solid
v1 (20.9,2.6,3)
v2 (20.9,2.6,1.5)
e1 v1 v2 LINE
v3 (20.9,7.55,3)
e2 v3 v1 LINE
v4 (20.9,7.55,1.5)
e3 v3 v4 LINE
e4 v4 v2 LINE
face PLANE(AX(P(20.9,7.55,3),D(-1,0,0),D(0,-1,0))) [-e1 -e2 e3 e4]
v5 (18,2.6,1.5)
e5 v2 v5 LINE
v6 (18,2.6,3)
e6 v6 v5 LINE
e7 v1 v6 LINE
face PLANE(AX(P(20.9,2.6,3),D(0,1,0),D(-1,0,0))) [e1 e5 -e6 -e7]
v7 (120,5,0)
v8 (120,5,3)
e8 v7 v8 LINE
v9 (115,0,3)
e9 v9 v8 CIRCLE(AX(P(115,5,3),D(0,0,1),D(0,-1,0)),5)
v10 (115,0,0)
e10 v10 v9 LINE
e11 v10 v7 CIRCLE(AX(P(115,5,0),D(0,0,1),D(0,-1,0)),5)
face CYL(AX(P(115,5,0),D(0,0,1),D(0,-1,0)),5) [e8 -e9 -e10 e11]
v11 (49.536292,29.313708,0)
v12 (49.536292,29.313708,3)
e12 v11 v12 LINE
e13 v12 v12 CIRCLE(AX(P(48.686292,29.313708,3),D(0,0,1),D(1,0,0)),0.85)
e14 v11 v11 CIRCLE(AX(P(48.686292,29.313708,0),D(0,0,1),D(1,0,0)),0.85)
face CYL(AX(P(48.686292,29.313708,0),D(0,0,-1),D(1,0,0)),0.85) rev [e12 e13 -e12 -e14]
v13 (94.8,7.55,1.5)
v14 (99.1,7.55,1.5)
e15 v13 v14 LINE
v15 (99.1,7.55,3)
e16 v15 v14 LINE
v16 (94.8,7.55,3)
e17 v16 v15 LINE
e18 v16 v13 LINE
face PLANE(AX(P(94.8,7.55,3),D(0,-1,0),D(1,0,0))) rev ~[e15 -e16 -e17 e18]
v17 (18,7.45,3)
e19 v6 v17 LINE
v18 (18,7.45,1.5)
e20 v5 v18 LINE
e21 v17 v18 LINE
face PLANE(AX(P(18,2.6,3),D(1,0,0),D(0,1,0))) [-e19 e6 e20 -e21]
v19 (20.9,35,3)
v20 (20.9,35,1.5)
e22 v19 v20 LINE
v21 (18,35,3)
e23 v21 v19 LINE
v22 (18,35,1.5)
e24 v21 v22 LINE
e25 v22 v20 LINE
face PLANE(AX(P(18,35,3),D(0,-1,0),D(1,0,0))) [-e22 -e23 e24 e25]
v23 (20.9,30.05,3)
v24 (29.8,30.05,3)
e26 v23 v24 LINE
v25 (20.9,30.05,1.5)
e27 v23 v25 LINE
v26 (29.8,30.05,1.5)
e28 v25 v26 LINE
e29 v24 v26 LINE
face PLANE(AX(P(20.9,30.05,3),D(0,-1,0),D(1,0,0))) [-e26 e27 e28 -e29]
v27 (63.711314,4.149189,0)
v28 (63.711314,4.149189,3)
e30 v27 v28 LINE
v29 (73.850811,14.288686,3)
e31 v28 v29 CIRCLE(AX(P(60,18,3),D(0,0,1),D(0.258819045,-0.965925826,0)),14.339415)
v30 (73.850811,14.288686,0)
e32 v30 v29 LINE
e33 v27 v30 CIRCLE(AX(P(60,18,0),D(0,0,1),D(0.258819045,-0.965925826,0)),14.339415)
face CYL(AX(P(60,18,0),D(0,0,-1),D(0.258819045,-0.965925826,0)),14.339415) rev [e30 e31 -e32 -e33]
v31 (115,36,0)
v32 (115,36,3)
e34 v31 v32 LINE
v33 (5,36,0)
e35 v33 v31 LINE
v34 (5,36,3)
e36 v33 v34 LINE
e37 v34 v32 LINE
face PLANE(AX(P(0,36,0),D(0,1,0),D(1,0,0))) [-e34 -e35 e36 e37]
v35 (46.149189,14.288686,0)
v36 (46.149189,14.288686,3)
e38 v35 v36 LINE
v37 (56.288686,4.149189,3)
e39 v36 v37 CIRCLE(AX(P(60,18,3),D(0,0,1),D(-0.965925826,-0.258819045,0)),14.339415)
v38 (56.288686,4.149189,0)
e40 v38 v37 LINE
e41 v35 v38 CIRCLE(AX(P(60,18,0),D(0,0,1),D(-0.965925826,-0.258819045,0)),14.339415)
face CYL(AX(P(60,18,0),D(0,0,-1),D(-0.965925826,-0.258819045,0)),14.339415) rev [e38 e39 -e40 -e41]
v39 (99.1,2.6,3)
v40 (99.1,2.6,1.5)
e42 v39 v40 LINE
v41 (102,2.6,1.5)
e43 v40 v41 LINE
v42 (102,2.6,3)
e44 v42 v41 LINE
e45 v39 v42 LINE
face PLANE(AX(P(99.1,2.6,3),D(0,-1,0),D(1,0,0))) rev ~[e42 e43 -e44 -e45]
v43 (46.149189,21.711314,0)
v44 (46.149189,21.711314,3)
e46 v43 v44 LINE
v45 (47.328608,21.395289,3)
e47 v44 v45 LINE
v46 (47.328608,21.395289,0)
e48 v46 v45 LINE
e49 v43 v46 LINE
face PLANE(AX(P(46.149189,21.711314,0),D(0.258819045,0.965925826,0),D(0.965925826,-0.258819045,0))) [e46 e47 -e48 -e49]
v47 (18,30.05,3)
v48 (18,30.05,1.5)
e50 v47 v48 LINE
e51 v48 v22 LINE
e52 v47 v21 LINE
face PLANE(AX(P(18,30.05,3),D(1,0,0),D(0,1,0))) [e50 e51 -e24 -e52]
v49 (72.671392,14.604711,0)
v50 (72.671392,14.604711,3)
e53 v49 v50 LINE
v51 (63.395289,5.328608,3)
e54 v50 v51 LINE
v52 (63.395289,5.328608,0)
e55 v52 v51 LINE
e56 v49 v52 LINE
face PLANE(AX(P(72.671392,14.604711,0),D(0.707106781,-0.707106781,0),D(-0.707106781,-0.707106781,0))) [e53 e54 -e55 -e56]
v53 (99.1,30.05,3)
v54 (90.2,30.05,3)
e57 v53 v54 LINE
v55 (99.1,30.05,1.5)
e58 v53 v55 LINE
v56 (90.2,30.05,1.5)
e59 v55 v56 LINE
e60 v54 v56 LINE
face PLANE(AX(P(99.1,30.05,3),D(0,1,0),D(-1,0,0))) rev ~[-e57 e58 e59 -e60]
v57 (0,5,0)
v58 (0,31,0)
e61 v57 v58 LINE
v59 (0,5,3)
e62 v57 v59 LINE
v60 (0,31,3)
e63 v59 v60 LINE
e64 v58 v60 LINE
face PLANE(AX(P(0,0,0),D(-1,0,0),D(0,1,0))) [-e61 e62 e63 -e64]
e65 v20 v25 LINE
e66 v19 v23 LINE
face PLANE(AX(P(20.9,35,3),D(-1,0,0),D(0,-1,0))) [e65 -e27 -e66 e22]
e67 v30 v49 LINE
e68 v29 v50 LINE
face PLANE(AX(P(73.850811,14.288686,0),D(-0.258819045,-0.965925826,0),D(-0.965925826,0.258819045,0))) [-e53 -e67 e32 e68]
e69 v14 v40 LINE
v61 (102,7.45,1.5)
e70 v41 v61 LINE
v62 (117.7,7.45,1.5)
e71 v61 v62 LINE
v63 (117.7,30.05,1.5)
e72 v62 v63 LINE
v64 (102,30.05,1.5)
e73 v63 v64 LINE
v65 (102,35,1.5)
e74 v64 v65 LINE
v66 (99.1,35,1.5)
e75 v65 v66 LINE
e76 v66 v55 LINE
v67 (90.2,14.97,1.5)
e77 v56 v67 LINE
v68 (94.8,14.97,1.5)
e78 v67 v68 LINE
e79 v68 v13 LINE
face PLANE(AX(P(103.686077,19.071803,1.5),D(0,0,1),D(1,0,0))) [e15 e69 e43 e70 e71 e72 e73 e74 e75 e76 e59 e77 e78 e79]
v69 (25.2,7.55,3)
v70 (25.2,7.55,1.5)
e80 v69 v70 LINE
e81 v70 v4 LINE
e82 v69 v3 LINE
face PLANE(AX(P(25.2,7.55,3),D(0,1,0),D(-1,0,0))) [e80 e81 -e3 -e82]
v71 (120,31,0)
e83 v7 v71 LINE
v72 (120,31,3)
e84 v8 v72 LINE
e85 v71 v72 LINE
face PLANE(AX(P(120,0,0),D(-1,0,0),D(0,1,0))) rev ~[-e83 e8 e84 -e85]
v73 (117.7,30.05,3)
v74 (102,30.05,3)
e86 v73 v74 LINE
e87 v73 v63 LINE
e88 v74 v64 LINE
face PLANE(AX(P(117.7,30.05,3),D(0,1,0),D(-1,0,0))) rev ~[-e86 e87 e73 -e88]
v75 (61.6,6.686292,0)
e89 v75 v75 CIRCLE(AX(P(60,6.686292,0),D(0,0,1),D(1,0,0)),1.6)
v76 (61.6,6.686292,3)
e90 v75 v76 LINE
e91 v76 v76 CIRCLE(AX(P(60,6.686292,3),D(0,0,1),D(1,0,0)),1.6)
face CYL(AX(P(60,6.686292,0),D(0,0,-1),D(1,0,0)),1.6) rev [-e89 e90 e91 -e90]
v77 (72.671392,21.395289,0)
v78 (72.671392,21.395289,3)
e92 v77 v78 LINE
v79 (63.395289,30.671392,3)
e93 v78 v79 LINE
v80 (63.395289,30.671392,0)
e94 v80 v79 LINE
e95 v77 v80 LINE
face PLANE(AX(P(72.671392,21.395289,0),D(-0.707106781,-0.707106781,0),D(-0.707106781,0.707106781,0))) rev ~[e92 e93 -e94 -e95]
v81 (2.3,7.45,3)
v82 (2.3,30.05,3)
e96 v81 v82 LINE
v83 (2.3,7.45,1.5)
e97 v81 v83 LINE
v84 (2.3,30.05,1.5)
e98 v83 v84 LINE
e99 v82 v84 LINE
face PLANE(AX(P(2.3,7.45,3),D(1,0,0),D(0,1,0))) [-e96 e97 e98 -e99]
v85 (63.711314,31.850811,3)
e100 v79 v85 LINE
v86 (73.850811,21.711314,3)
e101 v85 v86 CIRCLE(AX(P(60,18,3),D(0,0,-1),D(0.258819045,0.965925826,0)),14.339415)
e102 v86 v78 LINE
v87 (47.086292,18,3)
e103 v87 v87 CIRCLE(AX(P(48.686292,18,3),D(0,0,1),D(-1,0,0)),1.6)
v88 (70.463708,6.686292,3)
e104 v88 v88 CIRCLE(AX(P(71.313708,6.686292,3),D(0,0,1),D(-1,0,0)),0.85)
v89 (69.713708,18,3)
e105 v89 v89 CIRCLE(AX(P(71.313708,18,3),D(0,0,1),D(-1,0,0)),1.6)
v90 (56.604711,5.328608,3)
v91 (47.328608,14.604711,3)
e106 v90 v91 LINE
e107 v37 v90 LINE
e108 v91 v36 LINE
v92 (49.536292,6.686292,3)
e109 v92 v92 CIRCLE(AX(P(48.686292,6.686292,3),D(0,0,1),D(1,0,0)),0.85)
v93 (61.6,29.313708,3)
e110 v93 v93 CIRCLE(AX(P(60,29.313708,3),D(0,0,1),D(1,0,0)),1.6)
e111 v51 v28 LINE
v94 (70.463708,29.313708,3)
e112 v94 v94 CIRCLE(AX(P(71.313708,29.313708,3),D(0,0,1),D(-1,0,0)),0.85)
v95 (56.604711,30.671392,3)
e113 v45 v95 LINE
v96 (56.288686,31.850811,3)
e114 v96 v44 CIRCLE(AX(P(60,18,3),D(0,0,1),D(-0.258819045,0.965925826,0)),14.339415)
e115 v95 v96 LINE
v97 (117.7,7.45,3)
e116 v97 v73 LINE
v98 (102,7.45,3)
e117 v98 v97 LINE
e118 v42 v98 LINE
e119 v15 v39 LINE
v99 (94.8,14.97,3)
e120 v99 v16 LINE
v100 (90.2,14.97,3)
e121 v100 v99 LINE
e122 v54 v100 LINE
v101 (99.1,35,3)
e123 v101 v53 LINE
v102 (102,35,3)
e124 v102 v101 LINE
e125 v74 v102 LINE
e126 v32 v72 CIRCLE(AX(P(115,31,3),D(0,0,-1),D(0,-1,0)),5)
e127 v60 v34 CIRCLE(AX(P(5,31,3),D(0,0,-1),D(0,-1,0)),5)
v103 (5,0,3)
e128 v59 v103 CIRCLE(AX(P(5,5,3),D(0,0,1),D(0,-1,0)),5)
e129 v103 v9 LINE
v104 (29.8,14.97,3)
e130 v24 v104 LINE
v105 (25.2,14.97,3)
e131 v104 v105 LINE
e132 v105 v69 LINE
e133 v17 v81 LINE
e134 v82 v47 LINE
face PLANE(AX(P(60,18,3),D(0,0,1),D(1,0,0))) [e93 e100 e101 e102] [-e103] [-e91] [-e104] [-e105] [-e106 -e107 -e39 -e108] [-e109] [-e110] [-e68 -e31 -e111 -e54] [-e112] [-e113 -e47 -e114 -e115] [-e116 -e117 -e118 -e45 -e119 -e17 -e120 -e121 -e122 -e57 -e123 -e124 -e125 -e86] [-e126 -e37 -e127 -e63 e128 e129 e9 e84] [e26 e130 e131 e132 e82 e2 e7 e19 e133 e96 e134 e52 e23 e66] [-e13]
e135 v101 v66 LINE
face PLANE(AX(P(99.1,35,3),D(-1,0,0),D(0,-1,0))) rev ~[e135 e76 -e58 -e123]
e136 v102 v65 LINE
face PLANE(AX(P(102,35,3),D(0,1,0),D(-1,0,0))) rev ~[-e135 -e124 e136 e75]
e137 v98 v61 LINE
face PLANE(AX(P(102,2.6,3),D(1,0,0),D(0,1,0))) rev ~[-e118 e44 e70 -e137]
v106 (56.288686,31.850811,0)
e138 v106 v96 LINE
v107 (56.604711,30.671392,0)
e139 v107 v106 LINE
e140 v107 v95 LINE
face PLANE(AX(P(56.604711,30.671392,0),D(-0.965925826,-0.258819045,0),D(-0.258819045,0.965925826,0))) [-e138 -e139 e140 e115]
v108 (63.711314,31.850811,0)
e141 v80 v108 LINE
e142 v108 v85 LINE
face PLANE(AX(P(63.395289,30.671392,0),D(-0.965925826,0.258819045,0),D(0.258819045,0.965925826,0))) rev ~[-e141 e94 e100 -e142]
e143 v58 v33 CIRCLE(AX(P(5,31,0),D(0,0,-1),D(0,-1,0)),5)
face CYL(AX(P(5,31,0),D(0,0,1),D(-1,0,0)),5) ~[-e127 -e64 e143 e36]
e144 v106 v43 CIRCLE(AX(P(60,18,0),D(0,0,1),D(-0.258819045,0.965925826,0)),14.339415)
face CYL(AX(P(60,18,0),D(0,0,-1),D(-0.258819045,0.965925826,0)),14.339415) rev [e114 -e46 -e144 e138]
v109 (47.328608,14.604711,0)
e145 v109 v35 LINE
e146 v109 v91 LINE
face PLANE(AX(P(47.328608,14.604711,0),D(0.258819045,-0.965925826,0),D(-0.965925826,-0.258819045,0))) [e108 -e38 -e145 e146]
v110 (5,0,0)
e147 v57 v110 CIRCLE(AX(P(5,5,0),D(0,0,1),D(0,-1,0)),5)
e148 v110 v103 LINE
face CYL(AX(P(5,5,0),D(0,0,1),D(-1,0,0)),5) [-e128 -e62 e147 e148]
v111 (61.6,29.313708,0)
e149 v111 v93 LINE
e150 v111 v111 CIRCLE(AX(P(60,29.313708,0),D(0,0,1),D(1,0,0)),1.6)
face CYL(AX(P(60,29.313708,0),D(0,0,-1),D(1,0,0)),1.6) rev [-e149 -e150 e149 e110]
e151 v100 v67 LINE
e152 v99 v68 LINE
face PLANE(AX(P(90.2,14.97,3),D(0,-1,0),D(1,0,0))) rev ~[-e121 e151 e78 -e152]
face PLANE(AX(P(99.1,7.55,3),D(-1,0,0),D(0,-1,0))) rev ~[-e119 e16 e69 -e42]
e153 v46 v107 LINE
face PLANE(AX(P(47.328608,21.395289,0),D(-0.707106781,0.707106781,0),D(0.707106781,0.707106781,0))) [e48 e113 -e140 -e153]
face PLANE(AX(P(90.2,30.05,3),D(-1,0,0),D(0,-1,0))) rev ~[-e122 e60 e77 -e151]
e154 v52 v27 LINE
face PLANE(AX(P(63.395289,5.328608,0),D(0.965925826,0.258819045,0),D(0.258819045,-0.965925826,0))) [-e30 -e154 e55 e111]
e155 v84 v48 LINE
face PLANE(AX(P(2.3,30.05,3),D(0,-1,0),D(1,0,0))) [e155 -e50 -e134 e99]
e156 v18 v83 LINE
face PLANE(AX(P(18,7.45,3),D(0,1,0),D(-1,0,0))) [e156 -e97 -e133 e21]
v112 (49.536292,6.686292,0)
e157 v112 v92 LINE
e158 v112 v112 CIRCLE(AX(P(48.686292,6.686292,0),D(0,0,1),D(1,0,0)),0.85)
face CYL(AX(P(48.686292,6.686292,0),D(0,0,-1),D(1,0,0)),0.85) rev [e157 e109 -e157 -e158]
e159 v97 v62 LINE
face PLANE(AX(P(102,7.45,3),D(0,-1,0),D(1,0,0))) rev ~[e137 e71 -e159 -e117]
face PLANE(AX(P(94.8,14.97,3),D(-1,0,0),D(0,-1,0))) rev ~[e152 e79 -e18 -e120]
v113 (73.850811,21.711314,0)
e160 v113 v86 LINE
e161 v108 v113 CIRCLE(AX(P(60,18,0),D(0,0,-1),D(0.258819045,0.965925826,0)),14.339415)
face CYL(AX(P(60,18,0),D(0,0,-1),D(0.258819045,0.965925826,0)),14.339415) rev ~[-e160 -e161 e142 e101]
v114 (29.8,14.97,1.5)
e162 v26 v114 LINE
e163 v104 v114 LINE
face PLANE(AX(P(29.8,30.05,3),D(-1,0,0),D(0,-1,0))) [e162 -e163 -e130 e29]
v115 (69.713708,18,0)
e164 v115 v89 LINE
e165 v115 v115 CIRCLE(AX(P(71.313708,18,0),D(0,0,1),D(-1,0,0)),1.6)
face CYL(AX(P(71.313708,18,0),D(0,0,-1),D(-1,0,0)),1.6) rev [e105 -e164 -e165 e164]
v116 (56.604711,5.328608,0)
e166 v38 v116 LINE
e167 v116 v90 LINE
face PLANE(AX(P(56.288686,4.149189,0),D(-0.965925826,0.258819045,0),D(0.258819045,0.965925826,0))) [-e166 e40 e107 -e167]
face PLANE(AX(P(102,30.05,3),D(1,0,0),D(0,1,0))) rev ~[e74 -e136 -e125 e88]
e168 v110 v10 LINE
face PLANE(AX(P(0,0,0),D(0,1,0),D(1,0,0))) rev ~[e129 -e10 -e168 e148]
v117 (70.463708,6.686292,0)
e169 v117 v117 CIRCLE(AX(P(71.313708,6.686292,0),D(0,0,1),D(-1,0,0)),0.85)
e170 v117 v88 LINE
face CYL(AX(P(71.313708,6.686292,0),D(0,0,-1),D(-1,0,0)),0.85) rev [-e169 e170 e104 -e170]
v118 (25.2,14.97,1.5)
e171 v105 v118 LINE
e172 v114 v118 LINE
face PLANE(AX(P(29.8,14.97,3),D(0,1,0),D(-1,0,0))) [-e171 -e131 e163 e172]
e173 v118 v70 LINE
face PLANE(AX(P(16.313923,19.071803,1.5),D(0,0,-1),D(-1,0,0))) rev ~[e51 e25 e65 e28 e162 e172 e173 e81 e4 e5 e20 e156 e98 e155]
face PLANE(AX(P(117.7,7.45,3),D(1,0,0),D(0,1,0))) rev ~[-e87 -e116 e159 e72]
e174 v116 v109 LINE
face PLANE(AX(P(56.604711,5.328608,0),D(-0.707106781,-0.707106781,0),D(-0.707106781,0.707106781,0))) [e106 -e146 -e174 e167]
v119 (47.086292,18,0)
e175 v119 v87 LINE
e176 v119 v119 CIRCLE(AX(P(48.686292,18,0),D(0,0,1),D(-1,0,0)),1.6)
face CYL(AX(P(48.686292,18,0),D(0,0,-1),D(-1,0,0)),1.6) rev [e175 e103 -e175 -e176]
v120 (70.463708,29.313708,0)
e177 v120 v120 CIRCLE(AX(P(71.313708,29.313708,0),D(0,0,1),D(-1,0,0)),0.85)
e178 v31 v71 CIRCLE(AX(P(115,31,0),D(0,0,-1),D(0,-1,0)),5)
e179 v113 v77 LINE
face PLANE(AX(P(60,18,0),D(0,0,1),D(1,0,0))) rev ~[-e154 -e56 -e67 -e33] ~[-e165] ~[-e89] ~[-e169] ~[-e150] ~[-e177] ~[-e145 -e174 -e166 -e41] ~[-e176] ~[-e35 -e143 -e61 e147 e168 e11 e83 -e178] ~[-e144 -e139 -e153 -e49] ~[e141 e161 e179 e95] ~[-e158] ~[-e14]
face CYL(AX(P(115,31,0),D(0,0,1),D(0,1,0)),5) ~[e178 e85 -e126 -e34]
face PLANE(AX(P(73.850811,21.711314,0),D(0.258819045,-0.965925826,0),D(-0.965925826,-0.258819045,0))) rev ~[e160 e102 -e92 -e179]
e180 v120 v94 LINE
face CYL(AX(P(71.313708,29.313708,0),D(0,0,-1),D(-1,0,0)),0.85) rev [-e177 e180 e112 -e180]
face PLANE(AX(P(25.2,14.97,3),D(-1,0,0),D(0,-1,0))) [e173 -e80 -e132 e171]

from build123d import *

# Parameters (mm, degrees)
SKETCH_1_W          = 120
SKETCH_1_H          = 36
SKETCH_1_R          = 0.85
SKETCH_1_R_2        = 1.6
EXTRUDE_1_DEPTH     = 3
CUT_EXTRUDE_1_DEPTH = 1.5
FILLET_1_R          = 5


with BuildPart() as part:
    # 草图1 → 凸台-拉伸1 (new body)
    with BuildSketch(Plane.XY):
        with Locations((60, 18)):
            Rectangle(SKETCH_1_W, SKETCH_1_H)
        with Locations((48.686291501, 29.313708499)):
            Circle(SKETCH_1_R, mode=Mode.SUBTRACT)
        with Locations((48.686291501, 6.686291501)):
            Circle(SKETCH_1_R, mode=Mode.SUBTRACT)
        with Locations(Location((71.313708499, 6.686291501, 0), (0, 0, 180))):
            Circle(SKETCH_1_R, mode=Mode.SUBTRACT)
        with Locations(Location((71.313708499, 29.313708499, 0), (0, 0, 180))):
            Circle(SKETCH_1_R, mode=Mode.SUBTRACT)
        with Locations((60, 29.313708499)):
            Circle(SKETCH_1_R_2, mode=Mode.SUBTRACT)
        with Locations(Location((48.686291501, 18, 0), (0, 0, 180))):
            Circle(SKETCH_1_R_2, mode=Mode.SUBTRACT)
        with Locations((60, 6.686291501)):
            Circle(SKETCH_1_R_2, mode=Mode.SUBTRACT)
        with Locations(Location((71.313708499, 18, 0), (0, 0, 180))):
            Circle(SKETCH_1_R_2, mode=Mode.SUBTRACT)
        with BuildLine():
            Line((56.604710662, 30.671392317), (56.28868628, 31.850811367))
            ThreePointArc((56.28868628, 31.850811367), (49.860502354, 28.139497646), (46.149188633, 21.71131372))
            Line((46.149188633, 21.71131372), (47.328607683, 21.395289338))
            Line((47.328607683, 21.395289338), (56.604710662, 30.671392317))
        make_face(mode=Mode.SUBTRACT)
        with BuildLine():
            Line((63.395289338, 30.671392317), (63.71131372, 31.850811367))
            ThreePointArc((63.71131372, 31.850811367), (70.139497646, 28.139497646), (73.850811367, 21.71131372))
            Line((73.850811367, 21.71131372), (72.671392317, 21.395289338))
            Line((72.671392317, 21.395289338), (63.395289338, 30.671392317))
        make_face(mode=Mode.SUBTRACT)
        with BuildLine():
            Line((63.395289338, 5.328607683), (63.71131372, 4.149188633))
            ThreePointArc((63.71131372, 4.149188633), (70.139497646, 7.860502354), (73.850811367, 14.28868628))
            Line((73.850811367, 14.28868628), (72.671392317, 14.604710662))
            Line((72.671392317, 14.604710662), (63.395289338, 5.328607683))
        make_face(mode=Mode.SUBTRACT)
        with BuildLine():
            Line((47.328607683, 14.604710662), (46.149188633, 14.28868628))
            ThreePointArc((46.149188633, 14.28868628), (49.860502354, 7.860502354), (56.28868628, 4.149188633))
            Line((56.28868628, 4.149188633), (56.604710662, 5.328607683))
            Line((56.604710662, 5.328607683), (47.328607683, 14.604710662))
        make_face(mode=Mode.SUBTRACT)
    extrude(amount=EXTRUDE_1_DEPTH)

    # 草图2 → 切除-拉伸1 (cut)
    with BuildSketch(Plane.XY.offset(3)):
        Polygon((2.3, 30.05), (18, 30.05), (18, 35), (20.9, 35), (20.9, 30.05), (29.8, 30.05), (29.8, 14.97), (25.2, 14.97), (25.2, 7.55), (20.9, 7.55), (20.9, 2.6), (18, 2.6), (18, 7.45), (2.3, 7.45), align=None)
        Polygon((117.7, 30.05), (102, 30.05), (102, 35), (99.1, 35), (99.1, 30.05), (90.2, 30.05), (90.2, 14.97), (94.8, 14.97), (94.8, 7.55), (99.1, 7.55), (99.1, 2.6), (102, 2.6), (102, 7.45), (117.7, 7.45), align=None)
    extrude(amount=-CUT_EXTRUDE_1_DEPTH, mode=Mode.SUBTRACT)

    # 圆角1
    fillet_1_edges = [part.edges().sort_by_distance(p)[0] for p in [
        (0, 36, 1.5),
        (120, 36, 1.5),
        (120, 0, 1.5),
        (0, 0, 1.5),
    ]]
    fillet(fillet_1_edges, radius=FILLET_1_R)


solid = part.part
